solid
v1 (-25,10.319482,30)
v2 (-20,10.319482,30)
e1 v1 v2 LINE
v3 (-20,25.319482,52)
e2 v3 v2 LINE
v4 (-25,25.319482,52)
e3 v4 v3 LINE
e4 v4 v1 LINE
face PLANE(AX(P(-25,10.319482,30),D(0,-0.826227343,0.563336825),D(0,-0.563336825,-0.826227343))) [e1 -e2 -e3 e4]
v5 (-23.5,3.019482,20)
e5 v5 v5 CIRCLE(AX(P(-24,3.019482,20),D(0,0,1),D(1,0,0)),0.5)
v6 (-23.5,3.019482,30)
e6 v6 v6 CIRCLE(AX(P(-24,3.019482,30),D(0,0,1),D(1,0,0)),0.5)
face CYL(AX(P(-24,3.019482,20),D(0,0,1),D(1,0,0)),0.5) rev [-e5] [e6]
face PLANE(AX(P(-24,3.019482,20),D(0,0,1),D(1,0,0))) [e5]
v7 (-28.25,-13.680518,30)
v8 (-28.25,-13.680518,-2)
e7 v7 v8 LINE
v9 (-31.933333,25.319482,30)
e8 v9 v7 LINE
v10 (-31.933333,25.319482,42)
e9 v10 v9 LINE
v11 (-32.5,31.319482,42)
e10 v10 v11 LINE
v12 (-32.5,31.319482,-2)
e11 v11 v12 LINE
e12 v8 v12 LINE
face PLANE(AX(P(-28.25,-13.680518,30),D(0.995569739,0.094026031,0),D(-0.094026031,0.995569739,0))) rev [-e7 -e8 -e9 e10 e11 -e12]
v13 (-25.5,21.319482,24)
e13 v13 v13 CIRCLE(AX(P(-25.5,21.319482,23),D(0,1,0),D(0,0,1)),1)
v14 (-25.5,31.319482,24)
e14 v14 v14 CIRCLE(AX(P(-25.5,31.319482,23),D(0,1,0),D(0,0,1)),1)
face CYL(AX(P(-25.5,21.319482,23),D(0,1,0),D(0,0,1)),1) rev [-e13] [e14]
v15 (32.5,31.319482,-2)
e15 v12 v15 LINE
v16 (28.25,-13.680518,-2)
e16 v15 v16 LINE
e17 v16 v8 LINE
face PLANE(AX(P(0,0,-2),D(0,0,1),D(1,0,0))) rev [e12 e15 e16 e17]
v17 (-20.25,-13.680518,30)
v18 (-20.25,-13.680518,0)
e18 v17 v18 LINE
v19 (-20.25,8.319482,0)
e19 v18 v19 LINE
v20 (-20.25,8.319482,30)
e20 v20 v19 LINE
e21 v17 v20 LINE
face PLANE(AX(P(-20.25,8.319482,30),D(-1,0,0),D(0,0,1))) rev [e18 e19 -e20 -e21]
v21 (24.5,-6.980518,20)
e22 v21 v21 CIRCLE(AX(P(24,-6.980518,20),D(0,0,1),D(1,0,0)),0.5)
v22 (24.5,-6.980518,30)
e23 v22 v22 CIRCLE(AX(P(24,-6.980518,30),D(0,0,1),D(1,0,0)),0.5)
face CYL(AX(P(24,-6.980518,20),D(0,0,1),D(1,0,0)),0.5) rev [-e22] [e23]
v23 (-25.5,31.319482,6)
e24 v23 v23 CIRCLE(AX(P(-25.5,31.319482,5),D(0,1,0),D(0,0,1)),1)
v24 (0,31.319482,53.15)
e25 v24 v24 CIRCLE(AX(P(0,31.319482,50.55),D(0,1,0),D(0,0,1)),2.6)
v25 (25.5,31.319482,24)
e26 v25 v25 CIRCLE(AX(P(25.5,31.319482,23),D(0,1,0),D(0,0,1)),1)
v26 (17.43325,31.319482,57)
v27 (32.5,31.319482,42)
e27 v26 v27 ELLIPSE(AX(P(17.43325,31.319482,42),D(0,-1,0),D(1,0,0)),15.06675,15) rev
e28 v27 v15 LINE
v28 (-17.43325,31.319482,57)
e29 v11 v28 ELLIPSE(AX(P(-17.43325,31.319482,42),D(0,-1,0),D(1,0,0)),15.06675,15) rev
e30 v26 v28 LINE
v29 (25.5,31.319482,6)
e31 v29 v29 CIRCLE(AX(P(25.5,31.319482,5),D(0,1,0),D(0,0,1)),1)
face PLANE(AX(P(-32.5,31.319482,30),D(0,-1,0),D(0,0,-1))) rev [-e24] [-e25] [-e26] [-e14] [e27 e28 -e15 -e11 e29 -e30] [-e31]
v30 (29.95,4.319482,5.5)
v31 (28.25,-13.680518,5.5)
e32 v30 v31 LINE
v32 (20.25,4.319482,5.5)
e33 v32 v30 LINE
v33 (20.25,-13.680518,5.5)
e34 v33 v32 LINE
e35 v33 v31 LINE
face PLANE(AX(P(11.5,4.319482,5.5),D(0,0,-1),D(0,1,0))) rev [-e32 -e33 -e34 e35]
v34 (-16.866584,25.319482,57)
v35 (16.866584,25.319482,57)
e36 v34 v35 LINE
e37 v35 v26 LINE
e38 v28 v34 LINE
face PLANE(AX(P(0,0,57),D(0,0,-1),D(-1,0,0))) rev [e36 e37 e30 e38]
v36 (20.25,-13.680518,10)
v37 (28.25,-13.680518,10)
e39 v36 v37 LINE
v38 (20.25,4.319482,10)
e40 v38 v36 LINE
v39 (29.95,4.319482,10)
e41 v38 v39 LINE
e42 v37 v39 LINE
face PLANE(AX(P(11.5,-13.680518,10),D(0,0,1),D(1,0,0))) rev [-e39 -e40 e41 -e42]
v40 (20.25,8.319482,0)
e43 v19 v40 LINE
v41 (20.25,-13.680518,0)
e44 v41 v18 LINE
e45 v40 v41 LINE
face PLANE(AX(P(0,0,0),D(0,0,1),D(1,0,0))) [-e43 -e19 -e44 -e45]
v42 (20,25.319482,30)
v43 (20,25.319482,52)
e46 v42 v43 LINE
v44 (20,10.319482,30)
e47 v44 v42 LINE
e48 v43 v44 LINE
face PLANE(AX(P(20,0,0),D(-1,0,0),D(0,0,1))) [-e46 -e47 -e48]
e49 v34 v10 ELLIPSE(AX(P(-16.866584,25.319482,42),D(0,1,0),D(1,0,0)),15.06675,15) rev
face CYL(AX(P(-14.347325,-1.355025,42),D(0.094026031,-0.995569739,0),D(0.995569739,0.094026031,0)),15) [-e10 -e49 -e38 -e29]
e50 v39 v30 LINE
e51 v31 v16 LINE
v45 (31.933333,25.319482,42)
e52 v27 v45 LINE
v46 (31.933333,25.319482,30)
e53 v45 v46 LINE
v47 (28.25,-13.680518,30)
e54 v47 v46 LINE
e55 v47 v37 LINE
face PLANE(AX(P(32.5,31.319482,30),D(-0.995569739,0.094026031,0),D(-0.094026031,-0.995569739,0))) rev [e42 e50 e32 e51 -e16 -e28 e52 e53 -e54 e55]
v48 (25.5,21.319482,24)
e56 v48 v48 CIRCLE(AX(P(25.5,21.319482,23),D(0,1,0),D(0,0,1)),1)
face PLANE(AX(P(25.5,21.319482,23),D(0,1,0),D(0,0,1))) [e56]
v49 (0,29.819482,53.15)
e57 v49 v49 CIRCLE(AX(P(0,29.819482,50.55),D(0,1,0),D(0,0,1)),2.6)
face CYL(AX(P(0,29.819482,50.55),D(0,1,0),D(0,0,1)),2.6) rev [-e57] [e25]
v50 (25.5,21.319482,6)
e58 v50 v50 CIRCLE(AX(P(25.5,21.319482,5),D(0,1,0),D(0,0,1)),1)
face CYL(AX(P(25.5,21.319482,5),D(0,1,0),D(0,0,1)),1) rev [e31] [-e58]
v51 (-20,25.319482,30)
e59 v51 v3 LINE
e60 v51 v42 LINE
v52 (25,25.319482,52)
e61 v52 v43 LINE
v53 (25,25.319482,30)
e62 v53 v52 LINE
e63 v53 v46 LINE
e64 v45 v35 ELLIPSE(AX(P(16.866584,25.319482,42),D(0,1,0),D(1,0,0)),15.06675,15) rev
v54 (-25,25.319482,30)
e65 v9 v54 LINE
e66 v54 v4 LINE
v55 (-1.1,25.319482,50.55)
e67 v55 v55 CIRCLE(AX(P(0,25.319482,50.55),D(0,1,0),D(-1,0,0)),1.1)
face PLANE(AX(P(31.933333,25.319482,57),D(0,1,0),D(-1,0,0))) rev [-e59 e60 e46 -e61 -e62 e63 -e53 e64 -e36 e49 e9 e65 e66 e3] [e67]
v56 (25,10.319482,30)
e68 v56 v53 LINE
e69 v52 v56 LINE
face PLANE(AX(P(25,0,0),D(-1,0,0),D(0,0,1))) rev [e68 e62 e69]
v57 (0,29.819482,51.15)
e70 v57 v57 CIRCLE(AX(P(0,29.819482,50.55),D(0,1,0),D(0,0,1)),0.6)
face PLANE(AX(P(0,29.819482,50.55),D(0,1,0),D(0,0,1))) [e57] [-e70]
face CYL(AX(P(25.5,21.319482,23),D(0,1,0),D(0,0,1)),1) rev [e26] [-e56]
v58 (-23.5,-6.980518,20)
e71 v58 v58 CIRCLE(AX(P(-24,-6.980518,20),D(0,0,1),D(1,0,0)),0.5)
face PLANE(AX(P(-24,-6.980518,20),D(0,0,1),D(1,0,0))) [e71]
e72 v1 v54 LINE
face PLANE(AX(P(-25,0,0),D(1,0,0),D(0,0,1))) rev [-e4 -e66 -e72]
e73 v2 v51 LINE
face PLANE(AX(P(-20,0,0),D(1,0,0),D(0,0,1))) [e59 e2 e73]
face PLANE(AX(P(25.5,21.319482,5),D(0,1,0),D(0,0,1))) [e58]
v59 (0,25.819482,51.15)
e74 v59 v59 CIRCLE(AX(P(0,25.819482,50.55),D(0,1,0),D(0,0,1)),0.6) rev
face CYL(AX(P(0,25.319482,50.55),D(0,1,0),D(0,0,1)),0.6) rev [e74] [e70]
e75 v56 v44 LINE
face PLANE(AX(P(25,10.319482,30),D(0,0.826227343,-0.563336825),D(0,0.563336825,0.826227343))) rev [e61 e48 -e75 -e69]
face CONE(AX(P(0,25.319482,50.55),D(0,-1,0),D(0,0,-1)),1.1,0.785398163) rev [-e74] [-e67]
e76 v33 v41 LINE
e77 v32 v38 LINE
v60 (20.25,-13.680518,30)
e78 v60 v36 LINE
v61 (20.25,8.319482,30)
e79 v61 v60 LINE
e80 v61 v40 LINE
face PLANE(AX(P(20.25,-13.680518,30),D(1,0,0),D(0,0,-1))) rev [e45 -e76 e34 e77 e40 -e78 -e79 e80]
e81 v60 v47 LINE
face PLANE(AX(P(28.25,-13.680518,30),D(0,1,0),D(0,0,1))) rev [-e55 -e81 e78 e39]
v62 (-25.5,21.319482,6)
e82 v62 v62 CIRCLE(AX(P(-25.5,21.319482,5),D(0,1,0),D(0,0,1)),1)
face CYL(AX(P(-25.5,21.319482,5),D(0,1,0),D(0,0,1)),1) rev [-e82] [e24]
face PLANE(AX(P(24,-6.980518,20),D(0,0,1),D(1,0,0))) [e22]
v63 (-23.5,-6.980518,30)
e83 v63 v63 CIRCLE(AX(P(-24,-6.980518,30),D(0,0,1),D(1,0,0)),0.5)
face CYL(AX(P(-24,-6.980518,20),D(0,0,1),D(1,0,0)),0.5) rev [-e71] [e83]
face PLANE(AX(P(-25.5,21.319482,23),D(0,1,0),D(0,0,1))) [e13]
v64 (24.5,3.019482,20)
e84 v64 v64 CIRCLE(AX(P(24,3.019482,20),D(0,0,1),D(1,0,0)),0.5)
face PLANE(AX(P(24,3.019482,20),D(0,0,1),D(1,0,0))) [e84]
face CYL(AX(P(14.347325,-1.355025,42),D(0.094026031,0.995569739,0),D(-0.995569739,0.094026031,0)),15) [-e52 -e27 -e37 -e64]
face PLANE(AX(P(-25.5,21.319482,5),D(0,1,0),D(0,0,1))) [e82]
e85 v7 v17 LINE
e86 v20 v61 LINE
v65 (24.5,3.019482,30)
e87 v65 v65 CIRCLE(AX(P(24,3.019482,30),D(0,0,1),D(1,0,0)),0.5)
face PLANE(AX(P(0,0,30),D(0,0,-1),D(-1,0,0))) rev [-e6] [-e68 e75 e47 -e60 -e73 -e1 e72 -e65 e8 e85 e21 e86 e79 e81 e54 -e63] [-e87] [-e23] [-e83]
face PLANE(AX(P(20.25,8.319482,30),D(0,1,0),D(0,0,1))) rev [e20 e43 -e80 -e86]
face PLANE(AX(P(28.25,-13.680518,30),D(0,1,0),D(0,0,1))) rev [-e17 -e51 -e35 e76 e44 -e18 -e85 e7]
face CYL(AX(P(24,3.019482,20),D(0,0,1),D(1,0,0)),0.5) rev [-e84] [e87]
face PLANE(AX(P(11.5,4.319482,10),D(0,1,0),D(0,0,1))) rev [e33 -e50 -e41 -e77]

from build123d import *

# Parameters (mm, degrees)
RESSALTO_EXTRUS_O1_DEPTH = 30
ESBO_O3_W                = 4.5
ESBO_O3_H                = 18
CORTE_EXTRUS_O2_DEPTH    = 28.5
RESSALTO_EXTRUS_O2_DEPTH = 2
ESBO_O5_R                = 0.5
CORTE_EXTRUS_O3_DEPTH    = 10
ESBO_O6_R                = 1
CORTE_EXTRUS_O4_DEPTH    = 10
RESSALTO_EXTRUS_O3_DEPTH = 27
RESSALTO_EXTRUS_O4_DEPTH = 5
FILETE1_R                = 15
ESBO_O11_R               = 2.6
CORTE_EXTRUS_O5_DEPTH    = 1.5
ESBO_O12_R               = 0.6
CORTE_EXTRUS_O6_DEPTH    = 4.5
CHANFRO1_SIZE            = 0.5


with BuildPart() as part:
    # Esboço1 → Ressalto-extrusão1 (new body)
    with BuildSketch(Plane.XY):
        Polygon((-32.5, 31.319481807), (32.5, 31.319481807), (28.25, -13.680518193), (20.25, -13.680518193), (20.25, 8.319481807), (-20.25, 8.319481807), (-20.25, -13.680518193), (-28.25, -13.680518193), align=None)
    extrude(amount=RESSALTO_EXTRUS_O1_DEPTH)

    # Esboço3 → Corte-extrusão2 (cut)
    with BuildSketch(Plane(origin=(40, 0, 0), x_dir=(0, 0, -1), z_dir=(1, 0, 0))):
        with Locations((-7.75, -4.680518193)):
            Rectangle(ESBO_O3_W, ESBO_O3_H)
    extrude(amount=-CORTE_EXTRUS_O2_DEPTH, mode=Mode.SUBTRACT)

    # Esboço4 → Ressalto-extrusão2 (add)
    with BuildSketch(Plane(origin=(0, 0, 0), x_dir=(-1, 0, 0), z_dir=(0, 0, -1))):
        Polygon((-32.5, 31.319481807), (32.5, 31.319481807), (28.25, -13.680518193), (20.25, -13.680518193), (-20.25, -13.680518193), (-28.25, -13.680518193), align=None)
    extrude(amount=RESSALTO_EXTRUS_O2_DEPTH)

    # Esboço5 → Corte-extrusão3 (cut)
    with BuildSketch(Plane.XY.offset(30)):
        with Locations((-24, 3.019481807)):
            Circle(ESBO_O5_R)
        with Locations((24, 3.019481807)):
            Circle(ESBO_O5_R)
        with Locations((-24, -6.980518193)):
            Circle(ESBO_O5_R)
        with Locations((24, -6.980518193)):
            Circle(ESBO_O5_R)
    extrude(amount=-CORTE_EXTRUS_O3_DEPTH, mode=Mode.SUBTRACT)

    # Esboço6 → Corte-extrusão4 (cut)
    with BuildSketch(Plane(origin=(0, 31.319481807, 0), x_dir=(1, 0, 0), z_dir=(0, 1, 0))):
        with Locations((-25.5, -5)):
            Circle(ESBO_O6_R)
        with Locations((-25.5, -23)):
            Circle(ESBO_O6_R)
        with Locations((25.5, -5)):
            Circle(ESBO_O6_R)
        with Locations((25.5, -23)):
            Circle(ESBO_O6_R)
    extrude(amount=-CORTE_EXTRUS_O4_DEPTH, mode=Mode.SUBTRACT)

    # Esboço7 → Ressalto-extrusão3 (add)
    with BuildSketch(Plane.XY.offset(30)):
        Polygon((-32.5, 31.319481807), (32.5, 31.319481807), (31.933333333, 25.319481807), (-31.933333333, 25.319481807), align=None)
    extrude(amount=RESSALTO_EXTRUS_O3_DEPTH)

    # Esboço10 → Ressalto-extrusão4 (add)
    with BuildSketch(Plane(origin=(20, 0, 0), x_dir=(0, 0, -1), z_dir=(1, 0, 0))):
        Polygon((-30, 25.319481807), (-30, 10.319481807), (-52, 25.319481807), align=None)
    ressalto_extrus_o4 = extrude(amount=RESSALTO_EXTRUS_O4_DEPTH)

    # Espelhar1: Ressalto-extrusão4 across plane
    add(ressalto_extrus_o4.mirror(Plane(origin=(0, 0, 0), x_dir=(0, 0, 1), z_dir=(1, 0, 0))))

    # Filete1
    filete1_edges = [part.edges().sort_by_distance(p)[0] for p in [
        (-32.216666667, 28.319481807, 57),
        (32.216666667, 28.319481807, 57),
    ]]
    fillet(filete1_edges, radius=FILETE1_R)

    # Esboço11 → Corte-extrusão5 (cut)
    with BuildSketch(Plane(origin=(0, 31.319481807, 0), x_dir=(1, 0, 0), z_dir=(0, 1, 0))):
        with Locations((0, -50.55)):
            Circle(ESBO_O11_R)
    extrude(amount=-CORTE_EXTRUS_O5_DEPTH, mode=Mode.SUBTRACT)

    # Esboço12 → Corte-extrusão6 (cut)
    with BuildSketch(Plane(origin=(0, 29.819481807, 0), x_dir=(1, 0, 0), z_dir=(0, 1, 0))):
        with Locations((0, -50.55)):
            Circle(ESBO_O12_R)
    extrude(amount=-CORTE_EXTRUS_O6_DEPTH, mode=Mode.SUBTRACT)

    # Chanfro1
    chanfro1_edges = [part.edges().sort_by_distance(p)[0] for p in [
        (-0.6, 25.319481807, 50.55),
    ]]
    chamfer(chanfro1_edges, length=CHANFRO1_SIZE)


solid = part.part
